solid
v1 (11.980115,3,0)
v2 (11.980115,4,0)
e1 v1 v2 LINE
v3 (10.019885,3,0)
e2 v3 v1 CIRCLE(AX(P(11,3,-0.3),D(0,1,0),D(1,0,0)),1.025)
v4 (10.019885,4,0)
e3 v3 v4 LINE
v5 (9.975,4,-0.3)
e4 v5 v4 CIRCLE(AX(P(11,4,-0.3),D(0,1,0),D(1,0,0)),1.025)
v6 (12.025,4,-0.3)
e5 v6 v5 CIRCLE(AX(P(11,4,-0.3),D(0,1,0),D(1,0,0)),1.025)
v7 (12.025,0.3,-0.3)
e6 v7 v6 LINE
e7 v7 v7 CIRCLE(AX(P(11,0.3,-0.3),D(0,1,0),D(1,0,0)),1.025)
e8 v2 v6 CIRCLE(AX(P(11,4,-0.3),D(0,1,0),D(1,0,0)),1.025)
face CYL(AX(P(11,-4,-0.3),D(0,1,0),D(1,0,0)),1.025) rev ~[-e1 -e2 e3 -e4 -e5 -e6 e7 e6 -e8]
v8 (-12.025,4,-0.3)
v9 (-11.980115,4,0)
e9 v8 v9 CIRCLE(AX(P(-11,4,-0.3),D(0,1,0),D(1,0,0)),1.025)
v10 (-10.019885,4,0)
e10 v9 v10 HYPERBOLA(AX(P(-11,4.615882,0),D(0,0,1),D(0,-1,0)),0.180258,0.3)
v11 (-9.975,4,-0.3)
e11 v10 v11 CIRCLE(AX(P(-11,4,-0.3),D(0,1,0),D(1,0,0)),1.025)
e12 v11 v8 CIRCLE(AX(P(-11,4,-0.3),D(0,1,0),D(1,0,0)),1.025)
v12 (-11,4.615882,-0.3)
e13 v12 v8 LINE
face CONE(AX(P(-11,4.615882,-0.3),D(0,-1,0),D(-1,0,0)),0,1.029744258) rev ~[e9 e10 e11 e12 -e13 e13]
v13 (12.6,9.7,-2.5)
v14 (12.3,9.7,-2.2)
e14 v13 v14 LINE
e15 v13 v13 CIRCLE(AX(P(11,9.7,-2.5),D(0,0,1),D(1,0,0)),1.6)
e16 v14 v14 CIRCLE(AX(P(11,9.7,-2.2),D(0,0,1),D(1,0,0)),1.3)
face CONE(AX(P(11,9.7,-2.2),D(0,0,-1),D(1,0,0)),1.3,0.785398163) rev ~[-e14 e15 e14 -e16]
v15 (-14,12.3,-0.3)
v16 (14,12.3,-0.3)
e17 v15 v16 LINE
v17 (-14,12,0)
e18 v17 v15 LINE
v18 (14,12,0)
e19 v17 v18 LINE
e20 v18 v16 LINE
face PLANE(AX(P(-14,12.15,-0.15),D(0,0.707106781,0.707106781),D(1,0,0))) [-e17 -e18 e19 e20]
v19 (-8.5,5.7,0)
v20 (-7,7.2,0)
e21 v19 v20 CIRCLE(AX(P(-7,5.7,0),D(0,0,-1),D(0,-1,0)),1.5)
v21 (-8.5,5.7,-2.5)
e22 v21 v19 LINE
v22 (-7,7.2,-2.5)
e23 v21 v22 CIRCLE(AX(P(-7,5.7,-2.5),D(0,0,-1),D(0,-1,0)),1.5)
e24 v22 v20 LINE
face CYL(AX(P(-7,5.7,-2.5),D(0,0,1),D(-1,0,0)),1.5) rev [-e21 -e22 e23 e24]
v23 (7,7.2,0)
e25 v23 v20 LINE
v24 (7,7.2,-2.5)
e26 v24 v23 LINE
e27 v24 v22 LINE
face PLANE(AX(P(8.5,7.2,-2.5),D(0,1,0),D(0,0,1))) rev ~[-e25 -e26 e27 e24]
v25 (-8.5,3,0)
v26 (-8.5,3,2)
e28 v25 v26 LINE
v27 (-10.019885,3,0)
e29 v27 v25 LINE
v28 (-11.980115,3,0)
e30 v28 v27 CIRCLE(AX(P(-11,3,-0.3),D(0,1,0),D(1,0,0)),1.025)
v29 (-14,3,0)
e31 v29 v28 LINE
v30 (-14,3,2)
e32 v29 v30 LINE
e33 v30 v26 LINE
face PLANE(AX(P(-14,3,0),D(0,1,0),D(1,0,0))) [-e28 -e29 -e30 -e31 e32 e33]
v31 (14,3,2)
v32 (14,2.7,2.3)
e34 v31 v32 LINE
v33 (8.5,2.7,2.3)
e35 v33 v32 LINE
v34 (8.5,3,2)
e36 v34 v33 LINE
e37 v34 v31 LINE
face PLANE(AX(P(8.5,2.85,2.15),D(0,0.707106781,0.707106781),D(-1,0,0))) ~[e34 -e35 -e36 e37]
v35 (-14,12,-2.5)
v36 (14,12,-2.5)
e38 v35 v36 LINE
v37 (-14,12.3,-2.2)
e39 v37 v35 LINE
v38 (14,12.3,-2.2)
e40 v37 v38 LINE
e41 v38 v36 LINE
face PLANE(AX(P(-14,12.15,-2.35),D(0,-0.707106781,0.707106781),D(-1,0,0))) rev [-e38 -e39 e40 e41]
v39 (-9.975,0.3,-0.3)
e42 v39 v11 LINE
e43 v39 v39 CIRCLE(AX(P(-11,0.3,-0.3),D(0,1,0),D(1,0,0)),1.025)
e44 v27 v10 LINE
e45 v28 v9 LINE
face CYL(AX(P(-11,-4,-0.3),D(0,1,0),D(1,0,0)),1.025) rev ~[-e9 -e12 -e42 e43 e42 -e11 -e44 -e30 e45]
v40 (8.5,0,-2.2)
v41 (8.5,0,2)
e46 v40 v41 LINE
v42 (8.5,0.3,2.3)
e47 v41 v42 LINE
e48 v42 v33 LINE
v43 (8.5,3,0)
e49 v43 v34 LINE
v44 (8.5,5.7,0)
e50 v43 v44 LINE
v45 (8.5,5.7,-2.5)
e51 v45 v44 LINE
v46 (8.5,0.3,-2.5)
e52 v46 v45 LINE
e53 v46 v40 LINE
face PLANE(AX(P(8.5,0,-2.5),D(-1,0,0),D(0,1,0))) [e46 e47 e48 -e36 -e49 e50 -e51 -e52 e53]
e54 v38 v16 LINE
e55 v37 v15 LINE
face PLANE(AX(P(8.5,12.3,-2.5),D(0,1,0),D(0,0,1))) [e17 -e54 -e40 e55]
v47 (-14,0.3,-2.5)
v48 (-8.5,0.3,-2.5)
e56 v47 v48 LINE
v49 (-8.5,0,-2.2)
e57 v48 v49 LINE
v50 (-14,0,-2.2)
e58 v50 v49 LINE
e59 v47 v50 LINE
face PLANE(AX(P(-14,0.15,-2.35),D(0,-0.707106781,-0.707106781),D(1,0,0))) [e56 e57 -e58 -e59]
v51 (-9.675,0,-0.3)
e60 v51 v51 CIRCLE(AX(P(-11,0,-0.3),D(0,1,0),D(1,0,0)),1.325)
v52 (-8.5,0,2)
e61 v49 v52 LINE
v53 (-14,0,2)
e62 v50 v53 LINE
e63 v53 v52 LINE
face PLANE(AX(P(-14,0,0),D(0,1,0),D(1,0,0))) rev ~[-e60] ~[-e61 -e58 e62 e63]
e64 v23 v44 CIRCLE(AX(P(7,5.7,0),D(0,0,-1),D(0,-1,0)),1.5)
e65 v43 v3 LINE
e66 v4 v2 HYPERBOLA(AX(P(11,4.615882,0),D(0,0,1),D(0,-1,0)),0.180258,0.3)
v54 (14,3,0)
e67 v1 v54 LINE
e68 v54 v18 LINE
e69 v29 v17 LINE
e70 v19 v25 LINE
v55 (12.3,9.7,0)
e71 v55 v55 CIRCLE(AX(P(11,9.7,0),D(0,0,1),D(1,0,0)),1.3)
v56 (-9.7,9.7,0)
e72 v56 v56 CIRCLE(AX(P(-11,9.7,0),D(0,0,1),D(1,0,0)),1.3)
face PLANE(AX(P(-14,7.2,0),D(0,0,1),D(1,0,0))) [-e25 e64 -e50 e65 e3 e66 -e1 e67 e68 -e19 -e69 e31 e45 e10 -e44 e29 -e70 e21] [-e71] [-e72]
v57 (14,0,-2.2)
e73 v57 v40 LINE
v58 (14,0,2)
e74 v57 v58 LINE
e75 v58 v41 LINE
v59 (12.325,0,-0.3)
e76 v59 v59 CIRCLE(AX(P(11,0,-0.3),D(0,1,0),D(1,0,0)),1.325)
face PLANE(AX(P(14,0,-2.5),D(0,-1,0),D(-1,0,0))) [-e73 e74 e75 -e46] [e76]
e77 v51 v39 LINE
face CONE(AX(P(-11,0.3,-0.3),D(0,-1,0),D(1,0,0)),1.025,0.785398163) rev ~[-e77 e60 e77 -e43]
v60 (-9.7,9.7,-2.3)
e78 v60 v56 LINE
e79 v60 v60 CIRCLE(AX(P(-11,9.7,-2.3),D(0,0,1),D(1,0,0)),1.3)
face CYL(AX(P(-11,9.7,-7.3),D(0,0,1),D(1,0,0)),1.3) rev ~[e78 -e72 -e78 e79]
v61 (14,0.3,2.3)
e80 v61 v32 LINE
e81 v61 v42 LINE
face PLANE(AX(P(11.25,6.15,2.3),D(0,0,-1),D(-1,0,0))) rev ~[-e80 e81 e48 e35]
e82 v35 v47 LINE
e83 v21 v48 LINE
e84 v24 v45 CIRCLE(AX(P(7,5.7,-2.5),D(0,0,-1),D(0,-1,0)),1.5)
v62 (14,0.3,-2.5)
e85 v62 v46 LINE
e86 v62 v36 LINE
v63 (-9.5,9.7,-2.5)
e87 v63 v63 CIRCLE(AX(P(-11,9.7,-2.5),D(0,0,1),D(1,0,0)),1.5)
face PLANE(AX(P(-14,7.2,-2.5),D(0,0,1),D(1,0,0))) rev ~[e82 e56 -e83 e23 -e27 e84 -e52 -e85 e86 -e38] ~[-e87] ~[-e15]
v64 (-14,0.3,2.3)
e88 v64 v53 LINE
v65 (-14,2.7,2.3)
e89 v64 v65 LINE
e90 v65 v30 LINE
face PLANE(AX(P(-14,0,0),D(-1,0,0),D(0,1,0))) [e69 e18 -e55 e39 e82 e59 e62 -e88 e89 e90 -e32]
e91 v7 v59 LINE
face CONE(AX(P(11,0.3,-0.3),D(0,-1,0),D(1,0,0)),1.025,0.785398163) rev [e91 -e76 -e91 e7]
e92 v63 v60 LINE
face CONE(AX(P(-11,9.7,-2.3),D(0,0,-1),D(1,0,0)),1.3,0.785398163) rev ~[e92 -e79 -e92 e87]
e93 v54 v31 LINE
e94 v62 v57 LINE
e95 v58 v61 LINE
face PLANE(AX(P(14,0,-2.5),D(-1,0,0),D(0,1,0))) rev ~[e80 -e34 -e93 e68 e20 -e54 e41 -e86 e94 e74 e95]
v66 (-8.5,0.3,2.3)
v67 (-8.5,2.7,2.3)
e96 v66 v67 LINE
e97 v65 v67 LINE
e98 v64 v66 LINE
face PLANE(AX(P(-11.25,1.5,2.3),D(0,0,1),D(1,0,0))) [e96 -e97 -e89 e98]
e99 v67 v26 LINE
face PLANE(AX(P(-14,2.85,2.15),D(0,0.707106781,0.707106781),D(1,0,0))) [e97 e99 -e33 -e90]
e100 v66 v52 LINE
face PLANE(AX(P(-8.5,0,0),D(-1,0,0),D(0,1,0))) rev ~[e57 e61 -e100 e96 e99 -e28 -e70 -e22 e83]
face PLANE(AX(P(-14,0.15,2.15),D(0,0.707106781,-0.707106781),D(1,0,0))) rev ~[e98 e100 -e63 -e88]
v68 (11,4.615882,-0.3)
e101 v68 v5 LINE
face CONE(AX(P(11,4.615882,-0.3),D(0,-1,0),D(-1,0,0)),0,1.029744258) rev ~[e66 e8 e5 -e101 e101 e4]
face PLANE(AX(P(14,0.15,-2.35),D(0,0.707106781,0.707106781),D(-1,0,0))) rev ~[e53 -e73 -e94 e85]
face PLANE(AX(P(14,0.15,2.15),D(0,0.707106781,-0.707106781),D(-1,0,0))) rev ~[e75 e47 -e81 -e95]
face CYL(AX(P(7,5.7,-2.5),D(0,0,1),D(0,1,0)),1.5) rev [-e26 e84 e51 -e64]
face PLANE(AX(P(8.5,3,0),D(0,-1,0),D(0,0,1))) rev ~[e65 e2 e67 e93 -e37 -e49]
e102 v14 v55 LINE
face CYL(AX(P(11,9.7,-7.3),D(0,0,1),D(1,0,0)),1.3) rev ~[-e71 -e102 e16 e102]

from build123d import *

# Parameters (mm, degrees)
SKETCH1_W                 = 5.5
SKETCH1_H                 = 12.3
BOSS_EXTRUDE1_DEPTH       = 4.8
SKETCH2_W                 = 2.3
SKETCH2_H                 = 9.3
CUT_EXTRUDE1_DEPTH        = 6.5
SKETCH3_W                 = 2.5
SKETCH3_H                 = 5.1
BOSS_EXTRUDE2_DEPTH       = 22.5
SKETCH4_W                 = 5.5
SKETCH4_H                 = 2.5
BOSS_EXTRUDE3_DEPTH       = 7.2
SKETCH5_W                 = 5.5
SKETCH5_H                 = 3
BOSS_EXTRUDE4_DEPTH       = 2.3
F_2_CLEARANCE_HOLE1_D     = 2.6
F_2_CLEARANCE_HOLE1_DEPTH = 4.8
F_1_CLEARANCE_HOLE1_D     = 2.05
F_1_CLEARANCE_HOLE1_DEPTH = 4
F_1_CLEARANCE_HOLE1_TIP   = 0.615882135
CHAMFER1_SIZE             = 0.3
CHAMFER2_SIZE             = 0.2
FILLET1_R                 = 1.5


with BuildPart() as part:
    # Sketch1 → Boss-Extrude1 (new body)
    with BuildSketch(Plane(origin=(0, 0, -2.5), x_dir=(-1, 0, 0), z_dir=(0, 0, -1))):
        with Locations((-11.25, 6.15)):
            Rectangle(SKETCH1_W, SKETCH1_H)
    extrude(amount=-BOSS_EXTRUDE1_DEPTH)

    # Sketch2 → Cut-Extrude1 (cut, through all)
    with BuildSketch(Plane.ZY.offset(-8.5)):
        with Locations((1.15, 7.65)):
            Rectangle(SKETCH2_W, SKETCH2_H)
    extrude(amount=-CUT_EXTRUDE1_DEPTH, mode=Mode.SUBTRACT)

    # Sketch3 → Boss-Extrude2 (add)
    with BuildSketch(Plane.ZY.offset(-8.5)):
        with Locations((-1.25, 9.75)):
            Rectangle(SKETCH3_W, SKETCH3_H)
    extrude(amount=BOSS_EXTRUDE2_DEPTH)

    # Sketch4 → Boss-Extrude3 (add)
    with BuildSketch(Plane.XZ.offset(-7.2)):
        with Locations((-11.25, -1.25)):
            Rectangle(SKETCH4_W, SKETCH4_H)
    extrude(amount=BOSS_EXTRUDE3_DEPTH)

    # Sketch5 → Boss-Extrude4 (add)
    with BuildSketch(Plane.XY):
        with Locations((-11.25, 1.5)):
            Rectangle(SKETCH5_W, SKETCH5_H)
    extrude(amount=BOSS_EXTRUDE4_DEPTH)

    # #2 Clearance Hole1
    with Locations(Plane(origin=(0, 0, -2.5), x_dir=(-1, 0, 0), z_dir=(0, 0, -1))):
        with Locations((11, 9.7), (-11, 9.7)):
            Hole(F_2_CLEARANCE_HOLE1_D / 2, depth=F_2_CLEARANCE_HOLE1_DEPTH)

    # #1 Clearance Hole1
    with Locations(Plane(origin=(0, 0, 0), x_dir=(-1, 0, 0), z_dir=(0, -1, 0))):
        with Locations((-11, 0.3), (11, 0.3)):
            Hole(F_1_CLEARANCE_HOLE1_D / 2, depth=F_1_CLEARANCE_HOLE1_DEPTH)
            with Locations((0, 0, -(F_1_CLEARANCE_HOLE1_DEPTH + F_1_CLEARANCE_HOLE1_TIP / 2))):  # 118° drill point
                Cone(0, F_1_CLEARANCE_HOLE1_D / 2, F_1_CLEARANCE_HOLE1_TIP, mode=Mode.SUBTRACT)

    # Chamfer1
    chamfer1_edges = [part.edges().sort_by_distance(p)[0] for p in [
        (11.25, 3, 2.3),
        (0, 12.3, 0),
        (11.25, 0, 2.3),
        (-11.25, 0, -2.5),
        (0, 12.3, -2.5),
        (-11.25, 0, 2.3),
        (11.25, 0, -2.5),
        (-11.25, 3, 2.3),
        (9.7, 9.7, -2.5),
        (-12.025, 0, -0.3),
        (9.975, 0, -0.3),
    ]]
    chamfer(chamfer1_edges, length=CHAMFER1_SIZE)

    # Chamfer2
    chamfer2_edges = [part.edges().sort_by_distance(p)[0] for p in [
        (-12.3, 9.7, -2.5),
    ]]
    chamfer(chamfer2_edges, length=CHAMFER2_SIZE)

    # Fillet1
    fillet1_edges = [part.edges().sort_by_distance(p)[0] for p in [
        (8.5, 7.2, -1.25),
        (-8.5, 7.2, -1.25),
    ]]
    fillet(fillet1_edges, radius=FILLET1_R)


solid = part.part
